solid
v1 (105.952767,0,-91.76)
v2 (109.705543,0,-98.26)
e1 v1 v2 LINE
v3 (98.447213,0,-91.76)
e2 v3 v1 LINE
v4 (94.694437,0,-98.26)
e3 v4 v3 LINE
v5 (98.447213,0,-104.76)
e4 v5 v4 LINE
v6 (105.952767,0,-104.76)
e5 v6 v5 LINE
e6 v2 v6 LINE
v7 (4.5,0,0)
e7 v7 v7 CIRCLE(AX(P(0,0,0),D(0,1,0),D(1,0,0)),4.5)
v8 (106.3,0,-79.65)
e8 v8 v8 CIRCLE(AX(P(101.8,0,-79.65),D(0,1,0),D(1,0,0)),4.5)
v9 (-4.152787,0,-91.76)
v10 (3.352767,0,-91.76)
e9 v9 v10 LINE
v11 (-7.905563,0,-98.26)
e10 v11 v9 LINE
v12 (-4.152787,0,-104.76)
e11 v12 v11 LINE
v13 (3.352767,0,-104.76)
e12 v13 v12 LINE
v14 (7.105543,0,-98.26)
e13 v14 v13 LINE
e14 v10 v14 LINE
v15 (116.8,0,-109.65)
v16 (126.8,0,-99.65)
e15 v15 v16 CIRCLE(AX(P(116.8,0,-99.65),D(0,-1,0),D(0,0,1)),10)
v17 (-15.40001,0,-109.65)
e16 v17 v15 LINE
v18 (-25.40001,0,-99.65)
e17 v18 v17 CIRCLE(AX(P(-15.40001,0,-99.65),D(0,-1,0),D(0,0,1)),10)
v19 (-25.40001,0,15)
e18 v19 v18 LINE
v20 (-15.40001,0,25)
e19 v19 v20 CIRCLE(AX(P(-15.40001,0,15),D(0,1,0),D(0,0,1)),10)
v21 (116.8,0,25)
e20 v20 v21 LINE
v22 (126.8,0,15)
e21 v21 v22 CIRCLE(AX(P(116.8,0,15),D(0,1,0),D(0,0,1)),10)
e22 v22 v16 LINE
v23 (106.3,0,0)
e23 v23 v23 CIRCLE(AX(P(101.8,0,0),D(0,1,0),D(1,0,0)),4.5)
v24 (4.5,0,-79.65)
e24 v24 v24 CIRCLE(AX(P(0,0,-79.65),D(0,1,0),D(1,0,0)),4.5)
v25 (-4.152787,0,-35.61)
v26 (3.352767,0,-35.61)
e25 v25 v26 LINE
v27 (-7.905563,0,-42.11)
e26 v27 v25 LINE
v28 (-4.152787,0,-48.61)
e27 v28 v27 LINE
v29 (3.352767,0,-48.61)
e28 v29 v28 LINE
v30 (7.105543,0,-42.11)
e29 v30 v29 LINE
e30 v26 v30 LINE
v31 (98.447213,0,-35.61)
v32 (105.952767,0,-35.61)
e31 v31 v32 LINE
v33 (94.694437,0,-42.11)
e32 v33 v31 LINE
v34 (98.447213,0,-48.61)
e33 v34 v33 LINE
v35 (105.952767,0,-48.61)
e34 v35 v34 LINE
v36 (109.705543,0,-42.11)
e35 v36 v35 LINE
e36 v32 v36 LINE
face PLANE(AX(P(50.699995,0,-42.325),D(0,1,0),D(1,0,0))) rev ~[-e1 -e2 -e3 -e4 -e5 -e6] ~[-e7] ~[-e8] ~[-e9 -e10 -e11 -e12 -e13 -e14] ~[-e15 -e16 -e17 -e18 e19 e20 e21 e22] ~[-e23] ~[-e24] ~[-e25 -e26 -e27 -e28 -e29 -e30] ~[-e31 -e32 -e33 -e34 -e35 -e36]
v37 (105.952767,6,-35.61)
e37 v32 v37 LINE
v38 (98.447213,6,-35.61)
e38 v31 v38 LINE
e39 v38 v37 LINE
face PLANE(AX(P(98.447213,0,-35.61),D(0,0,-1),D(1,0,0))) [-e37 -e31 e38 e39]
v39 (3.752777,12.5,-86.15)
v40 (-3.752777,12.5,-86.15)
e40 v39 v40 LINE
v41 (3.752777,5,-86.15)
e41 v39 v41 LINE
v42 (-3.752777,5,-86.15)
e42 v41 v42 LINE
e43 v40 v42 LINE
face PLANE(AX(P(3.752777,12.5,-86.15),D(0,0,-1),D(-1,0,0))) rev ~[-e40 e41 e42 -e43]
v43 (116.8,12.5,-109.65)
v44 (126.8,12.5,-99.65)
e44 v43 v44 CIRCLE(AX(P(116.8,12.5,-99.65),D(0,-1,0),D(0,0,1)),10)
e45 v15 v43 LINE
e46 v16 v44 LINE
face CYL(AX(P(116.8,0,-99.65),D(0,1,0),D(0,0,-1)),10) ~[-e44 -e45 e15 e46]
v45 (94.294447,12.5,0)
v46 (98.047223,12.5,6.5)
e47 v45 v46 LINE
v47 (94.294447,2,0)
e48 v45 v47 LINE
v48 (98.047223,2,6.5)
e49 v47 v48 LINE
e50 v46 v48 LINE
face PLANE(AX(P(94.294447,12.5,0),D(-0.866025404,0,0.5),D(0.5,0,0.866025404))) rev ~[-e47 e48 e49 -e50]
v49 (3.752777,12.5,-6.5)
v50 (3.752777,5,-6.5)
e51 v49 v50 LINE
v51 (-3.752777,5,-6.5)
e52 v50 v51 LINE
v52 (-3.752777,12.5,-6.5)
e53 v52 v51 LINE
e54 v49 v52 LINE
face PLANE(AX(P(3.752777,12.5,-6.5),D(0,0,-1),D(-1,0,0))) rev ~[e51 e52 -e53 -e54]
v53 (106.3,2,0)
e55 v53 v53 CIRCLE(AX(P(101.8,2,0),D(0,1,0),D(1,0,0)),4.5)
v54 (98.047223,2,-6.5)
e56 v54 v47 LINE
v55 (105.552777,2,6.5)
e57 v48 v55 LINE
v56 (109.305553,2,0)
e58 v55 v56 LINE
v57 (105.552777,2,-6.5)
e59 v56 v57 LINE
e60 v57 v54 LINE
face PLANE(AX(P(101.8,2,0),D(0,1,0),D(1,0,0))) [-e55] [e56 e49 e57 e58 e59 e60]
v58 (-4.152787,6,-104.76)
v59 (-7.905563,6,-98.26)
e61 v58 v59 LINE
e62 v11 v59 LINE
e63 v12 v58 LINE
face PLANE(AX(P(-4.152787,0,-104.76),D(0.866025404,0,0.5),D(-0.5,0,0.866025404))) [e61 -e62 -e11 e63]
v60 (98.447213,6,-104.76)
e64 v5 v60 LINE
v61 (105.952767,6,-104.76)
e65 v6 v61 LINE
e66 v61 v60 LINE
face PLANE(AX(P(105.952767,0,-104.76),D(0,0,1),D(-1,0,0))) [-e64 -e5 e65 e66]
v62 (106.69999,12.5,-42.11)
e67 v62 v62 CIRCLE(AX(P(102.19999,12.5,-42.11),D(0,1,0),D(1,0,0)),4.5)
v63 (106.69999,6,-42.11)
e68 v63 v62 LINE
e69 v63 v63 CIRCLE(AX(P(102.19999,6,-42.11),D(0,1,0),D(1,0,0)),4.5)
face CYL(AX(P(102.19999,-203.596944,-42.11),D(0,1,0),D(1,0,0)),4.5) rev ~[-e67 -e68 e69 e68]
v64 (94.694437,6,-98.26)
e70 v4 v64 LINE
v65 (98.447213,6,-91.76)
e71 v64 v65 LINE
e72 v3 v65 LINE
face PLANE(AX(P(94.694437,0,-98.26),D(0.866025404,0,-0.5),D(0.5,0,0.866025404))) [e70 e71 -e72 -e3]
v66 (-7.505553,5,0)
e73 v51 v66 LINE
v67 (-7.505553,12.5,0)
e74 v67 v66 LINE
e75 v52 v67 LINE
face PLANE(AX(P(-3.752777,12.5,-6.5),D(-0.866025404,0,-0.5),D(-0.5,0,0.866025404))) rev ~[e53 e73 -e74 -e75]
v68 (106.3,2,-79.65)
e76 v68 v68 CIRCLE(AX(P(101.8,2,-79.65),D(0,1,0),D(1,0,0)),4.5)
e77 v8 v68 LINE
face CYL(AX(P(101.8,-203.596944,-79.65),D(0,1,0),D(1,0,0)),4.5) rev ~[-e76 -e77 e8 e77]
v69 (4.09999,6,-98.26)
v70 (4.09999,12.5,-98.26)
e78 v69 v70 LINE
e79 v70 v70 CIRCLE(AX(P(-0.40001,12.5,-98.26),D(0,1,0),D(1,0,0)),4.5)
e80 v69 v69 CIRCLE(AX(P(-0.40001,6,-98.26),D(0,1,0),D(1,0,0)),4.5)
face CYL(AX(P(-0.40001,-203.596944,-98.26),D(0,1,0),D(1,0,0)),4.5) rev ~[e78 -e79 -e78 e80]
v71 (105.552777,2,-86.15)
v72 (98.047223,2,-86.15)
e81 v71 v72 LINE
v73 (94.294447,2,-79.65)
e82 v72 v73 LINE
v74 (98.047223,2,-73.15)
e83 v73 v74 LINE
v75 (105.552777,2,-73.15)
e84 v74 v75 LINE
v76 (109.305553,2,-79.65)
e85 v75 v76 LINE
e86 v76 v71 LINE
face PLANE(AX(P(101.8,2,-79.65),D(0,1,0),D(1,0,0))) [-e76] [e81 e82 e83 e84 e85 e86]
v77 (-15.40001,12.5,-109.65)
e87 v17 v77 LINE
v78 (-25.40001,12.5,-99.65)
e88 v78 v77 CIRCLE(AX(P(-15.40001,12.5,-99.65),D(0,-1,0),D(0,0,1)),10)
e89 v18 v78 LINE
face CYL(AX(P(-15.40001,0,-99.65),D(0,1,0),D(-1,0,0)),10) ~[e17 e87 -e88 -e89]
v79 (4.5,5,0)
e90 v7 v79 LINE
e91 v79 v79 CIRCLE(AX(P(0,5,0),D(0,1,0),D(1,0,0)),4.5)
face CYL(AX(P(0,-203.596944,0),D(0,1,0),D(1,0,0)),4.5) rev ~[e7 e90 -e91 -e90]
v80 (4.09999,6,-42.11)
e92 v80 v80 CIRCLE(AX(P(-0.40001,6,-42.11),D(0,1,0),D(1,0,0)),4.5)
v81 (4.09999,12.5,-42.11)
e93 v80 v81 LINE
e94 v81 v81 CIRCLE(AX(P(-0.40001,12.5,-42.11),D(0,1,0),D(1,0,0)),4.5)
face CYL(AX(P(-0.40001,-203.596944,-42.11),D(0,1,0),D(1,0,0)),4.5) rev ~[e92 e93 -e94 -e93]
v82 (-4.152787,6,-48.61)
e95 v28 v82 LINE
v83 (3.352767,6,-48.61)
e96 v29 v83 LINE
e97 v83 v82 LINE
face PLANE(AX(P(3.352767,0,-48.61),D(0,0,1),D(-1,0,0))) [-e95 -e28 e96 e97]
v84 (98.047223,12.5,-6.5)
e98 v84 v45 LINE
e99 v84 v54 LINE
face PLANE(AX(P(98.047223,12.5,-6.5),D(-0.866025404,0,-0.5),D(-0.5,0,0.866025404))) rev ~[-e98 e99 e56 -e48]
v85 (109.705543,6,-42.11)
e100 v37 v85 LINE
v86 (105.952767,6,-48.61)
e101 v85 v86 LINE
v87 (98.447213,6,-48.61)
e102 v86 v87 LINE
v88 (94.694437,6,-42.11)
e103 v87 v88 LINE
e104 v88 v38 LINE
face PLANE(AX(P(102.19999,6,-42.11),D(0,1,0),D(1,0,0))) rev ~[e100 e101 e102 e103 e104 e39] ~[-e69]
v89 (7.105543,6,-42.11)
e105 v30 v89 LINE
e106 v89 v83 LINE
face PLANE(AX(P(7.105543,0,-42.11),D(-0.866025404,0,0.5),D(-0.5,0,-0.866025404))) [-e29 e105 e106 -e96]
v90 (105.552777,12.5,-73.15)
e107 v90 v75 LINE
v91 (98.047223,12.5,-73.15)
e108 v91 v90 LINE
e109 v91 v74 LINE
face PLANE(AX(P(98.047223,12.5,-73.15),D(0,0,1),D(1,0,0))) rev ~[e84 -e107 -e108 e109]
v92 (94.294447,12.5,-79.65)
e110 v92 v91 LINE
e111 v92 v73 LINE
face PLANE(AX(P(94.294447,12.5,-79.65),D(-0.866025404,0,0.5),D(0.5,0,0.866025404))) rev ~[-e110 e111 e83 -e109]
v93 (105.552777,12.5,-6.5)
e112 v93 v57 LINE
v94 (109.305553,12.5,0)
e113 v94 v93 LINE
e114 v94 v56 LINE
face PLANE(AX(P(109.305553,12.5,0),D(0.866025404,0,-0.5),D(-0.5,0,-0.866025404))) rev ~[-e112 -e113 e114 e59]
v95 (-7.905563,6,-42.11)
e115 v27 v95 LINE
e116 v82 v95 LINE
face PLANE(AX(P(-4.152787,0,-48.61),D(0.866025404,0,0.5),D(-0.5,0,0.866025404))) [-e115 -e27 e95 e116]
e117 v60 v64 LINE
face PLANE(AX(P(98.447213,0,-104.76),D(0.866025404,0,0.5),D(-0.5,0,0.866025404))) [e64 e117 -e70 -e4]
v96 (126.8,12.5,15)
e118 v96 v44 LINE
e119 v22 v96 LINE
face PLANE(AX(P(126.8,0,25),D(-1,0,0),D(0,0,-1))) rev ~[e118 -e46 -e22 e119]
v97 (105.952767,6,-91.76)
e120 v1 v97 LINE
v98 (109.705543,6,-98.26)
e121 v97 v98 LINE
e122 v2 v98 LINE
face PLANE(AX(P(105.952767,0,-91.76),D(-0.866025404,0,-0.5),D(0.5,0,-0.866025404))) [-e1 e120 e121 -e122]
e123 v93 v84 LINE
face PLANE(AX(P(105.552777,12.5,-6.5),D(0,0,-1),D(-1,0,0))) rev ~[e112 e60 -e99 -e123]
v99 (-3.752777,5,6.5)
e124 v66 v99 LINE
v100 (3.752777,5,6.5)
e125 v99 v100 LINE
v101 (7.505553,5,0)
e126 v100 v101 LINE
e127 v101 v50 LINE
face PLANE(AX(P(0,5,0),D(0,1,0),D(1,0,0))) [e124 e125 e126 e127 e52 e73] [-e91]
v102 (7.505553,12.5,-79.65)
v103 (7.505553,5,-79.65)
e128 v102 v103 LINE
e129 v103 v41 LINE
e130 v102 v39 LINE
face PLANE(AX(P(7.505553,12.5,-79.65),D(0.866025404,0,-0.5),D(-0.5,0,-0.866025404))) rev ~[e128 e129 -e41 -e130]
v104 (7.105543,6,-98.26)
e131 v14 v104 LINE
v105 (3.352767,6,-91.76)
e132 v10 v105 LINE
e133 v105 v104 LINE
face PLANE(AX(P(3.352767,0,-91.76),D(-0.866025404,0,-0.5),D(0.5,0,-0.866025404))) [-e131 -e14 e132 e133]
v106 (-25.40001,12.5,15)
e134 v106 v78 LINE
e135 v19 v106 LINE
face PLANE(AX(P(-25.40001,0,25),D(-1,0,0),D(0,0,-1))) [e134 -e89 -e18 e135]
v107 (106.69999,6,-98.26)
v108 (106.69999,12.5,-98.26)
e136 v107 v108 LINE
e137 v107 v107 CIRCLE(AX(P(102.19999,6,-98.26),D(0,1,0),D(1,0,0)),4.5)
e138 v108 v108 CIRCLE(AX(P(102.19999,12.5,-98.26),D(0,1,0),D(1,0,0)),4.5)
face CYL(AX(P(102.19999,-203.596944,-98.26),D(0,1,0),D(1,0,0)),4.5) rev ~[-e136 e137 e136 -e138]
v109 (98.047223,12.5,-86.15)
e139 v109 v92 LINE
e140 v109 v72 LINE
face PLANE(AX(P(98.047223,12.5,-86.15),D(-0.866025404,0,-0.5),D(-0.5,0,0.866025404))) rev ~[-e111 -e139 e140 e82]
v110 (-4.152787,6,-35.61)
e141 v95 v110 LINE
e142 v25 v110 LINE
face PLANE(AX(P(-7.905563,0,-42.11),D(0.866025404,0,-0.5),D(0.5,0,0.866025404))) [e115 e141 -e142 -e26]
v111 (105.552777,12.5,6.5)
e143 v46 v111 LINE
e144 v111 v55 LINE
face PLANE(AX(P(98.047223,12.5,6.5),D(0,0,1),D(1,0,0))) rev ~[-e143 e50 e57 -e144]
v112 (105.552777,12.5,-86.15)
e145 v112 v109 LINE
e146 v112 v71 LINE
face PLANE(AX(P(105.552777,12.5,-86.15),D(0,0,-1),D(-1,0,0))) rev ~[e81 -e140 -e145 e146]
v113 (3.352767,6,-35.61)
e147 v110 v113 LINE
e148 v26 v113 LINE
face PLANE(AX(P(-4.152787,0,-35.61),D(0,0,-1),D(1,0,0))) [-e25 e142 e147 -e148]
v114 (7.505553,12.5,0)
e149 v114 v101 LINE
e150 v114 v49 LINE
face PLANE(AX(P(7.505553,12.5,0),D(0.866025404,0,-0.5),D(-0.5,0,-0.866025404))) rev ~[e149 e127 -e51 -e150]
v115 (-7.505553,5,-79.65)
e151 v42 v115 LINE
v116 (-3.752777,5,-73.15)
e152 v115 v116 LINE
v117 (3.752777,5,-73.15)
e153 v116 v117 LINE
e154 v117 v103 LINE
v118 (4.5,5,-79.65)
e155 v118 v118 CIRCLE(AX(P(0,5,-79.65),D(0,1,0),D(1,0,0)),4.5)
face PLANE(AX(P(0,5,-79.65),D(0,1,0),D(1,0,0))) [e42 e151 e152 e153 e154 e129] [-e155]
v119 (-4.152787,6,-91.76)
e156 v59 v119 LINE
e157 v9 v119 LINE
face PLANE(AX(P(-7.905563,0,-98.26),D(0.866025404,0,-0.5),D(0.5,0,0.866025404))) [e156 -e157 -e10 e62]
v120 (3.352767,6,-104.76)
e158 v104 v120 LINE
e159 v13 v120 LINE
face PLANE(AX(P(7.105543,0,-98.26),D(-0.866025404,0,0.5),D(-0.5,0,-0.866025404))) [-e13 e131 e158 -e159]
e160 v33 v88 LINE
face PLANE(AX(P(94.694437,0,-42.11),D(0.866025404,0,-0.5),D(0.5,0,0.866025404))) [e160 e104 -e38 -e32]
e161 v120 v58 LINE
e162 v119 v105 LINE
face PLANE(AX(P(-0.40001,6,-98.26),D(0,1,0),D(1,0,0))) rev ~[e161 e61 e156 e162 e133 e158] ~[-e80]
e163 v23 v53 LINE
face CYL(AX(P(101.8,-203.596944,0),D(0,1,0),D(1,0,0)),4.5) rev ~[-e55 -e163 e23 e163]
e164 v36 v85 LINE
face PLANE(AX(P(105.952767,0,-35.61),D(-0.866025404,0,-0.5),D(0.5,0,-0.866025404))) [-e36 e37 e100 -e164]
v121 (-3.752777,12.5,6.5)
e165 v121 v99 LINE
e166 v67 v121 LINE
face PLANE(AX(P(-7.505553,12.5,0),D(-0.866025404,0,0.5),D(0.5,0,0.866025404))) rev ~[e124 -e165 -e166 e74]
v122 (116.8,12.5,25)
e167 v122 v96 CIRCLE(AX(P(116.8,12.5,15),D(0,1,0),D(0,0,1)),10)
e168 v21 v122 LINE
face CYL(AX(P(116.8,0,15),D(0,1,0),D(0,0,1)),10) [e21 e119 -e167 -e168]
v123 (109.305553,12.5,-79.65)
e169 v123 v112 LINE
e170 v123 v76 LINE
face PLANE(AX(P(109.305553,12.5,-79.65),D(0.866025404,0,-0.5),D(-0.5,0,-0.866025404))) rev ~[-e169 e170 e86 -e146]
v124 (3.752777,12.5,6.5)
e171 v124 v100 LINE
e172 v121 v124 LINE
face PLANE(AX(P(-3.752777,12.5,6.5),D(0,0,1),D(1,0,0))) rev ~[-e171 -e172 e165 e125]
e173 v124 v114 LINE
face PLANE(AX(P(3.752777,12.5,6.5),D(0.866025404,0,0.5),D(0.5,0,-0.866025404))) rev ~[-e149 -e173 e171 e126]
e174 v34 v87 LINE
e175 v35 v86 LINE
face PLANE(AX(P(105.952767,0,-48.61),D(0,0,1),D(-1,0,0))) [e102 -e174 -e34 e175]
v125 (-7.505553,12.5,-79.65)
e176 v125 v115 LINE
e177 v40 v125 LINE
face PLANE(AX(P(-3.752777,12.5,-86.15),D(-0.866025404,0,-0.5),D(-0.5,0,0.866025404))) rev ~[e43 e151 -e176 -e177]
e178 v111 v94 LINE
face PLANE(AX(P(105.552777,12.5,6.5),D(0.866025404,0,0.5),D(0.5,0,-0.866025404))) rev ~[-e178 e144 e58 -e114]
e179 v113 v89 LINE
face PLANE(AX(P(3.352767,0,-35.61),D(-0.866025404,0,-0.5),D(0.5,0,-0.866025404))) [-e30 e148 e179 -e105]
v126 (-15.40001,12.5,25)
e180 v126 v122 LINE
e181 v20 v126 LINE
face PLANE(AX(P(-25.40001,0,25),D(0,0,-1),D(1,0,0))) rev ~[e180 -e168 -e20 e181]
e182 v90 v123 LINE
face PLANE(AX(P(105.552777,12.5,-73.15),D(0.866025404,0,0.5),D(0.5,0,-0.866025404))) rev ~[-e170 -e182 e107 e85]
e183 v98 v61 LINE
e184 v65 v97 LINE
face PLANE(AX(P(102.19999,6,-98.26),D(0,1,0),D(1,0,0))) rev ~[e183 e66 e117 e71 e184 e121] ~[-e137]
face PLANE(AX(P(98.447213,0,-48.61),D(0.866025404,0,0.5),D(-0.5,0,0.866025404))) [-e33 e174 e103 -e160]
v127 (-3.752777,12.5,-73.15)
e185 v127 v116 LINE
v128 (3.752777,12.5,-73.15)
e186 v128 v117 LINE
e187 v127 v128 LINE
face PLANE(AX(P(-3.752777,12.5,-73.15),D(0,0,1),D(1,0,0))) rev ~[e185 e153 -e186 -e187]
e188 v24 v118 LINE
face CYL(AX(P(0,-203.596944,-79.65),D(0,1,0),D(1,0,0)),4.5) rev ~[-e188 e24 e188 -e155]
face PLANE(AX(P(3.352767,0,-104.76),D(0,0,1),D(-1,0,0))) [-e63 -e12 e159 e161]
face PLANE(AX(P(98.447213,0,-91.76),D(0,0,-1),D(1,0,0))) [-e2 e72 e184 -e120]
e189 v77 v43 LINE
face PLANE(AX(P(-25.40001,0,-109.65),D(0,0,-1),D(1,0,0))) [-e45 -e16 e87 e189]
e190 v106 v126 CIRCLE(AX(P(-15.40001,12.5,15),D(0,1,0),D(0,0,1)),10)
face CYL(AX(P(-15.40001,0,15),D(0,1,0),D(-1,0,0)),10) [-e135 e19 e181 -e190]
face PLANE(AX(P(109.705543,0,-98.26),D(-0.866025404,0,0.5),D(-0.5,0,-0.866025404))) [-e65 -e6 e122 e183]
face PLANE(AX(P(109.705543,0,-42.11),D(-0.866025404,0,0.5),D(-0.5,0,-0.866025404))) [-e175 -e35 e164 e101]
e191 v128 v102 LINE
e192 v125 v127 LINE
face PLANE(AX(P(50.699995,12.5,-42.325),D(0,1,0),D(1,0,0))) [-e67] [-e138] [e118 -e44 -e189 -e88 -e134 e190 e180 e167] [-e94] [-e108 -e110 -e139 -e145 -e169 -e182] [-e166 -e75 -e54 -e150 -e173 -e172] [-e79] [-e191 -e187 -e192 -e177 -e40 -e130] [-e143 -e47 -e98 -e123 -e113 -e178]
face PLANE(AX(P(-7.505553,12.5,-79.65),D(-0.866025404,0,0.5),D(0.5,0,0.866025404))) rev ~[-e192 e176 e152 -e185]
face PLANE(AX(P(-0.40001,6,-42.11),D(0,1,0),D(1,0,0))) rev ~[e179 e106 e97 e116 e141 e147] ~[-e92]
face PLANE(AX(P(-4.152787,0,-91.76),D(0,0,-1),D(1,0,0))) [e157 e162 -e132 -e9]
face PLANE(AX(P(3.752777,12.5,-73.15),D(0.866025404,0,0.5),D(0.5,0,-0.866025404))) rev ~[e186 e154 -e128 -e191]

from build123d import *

# Parameters (mm, degrees)
SKETCH1_W            = 152.20001
SKETCH1_H            = 134.65
BOSS_EXTRUDE1_DEPTH  = 12.5
M8_CLEARANCE_HOLE1_D = 9
M8_CLEARANCE_HOLE2_D = 9
FILLET1_R            = 10
CUT_EXTRUDE1_DEPTH   = 10.5
CUT_EXTRUDE2_DEPTH   = 7.5
CUT_EXTRUDE3_START   = -12.5
CUT_EXTRUDE3_DEPTH   = 6


with BuildPart() as part:
    # Sketch1 → Boss-Extrude1 (new body)
    with BuildSketch(Plane(origin=(0, 0, 0), x_dir=(1, 0, 0), z_dir=(0, 1, 0))):
        with Locations((50.699995, 42.325)):
            Rectangle(SKETCH1_W, SKETCH1_H)
    extrude(amount=BOSS_EXTRUDE1_DEPTH)

    # M8 Clearance Hole1 (through all)
    with Locations(Plane(origin=(0, 0, 0), x_dir=(-1, 0, 0), z_dir=(0, -1, 0))):
        with Locations((-102.19999, 42.11), (0.40001, 42.11), (0.40001, 98.26), (-102.19999, 98.26)):
            Hole(M8_CLEARANCE_HOLE1_D / 2)

    # M8 Clearance Hole2 (through all)
    with Locations(Plane(origin=(0, 0, 0), x_dir=(-1, 0, 0), z_dir=(0, -1, 0))):
        with Locations((-101.8, 0), (0, 0), (-101.8, 79.65), (0, 79.65)):
            Hole(M8_CLEARANCE_HOLE2_D / 2)

    # Fillet1
    fillet1_edges = [part.edges().sort_by_distance(p)[0] for p in [
        (-25.40001, 6.25, -109.65),
        (126.8, 6.25, -109.65),
        (126.8, 6.25, 25),
        (-25.40001, 6.25, 25),
    ]]
    fillet(fillet1_edges, radius=FILLET1_R)

    # Sketch12 → Cut-Extrude1 (cut)
    with BuildSketch(Plane(origin=(0, 12.5, 0), x_dir=(1, 0, 0), z_dir=(0, 1, 0))):
        Polygon((94.294446501, 79.65), (98.04722325, 73.15), (105.55277675, 73.15), (109.305553499, 79.65), (105.55277675, 86.15), (98.04722325, 86.15), align=None)
        Polygon((94.294446501, 0), (98.04722325, -6.5), (105.55277675, -6.5), (109.305553499, 0), (105.55277675, 6.5), (98.04722325, 6.5), align=None)
    extrude(amount=-CUT_EXTRUDE1_DEPTH, mode=Mode.SUBTRACT)

    # Sketch12<4> → Cut-Extrude2 (cut)
    with BuildSketch(Plane(origin=(0, 12.5, 0), x_dir=(1, 0, 0), z_dir=(0, 1, 0))):
        Polygon((7.505553499, 79.65), (3.75277675, 86.15), (-3.75277675, 86.15), (-7.505553499, 79.65), (-3.75277675, 73.15), (3.75277675, 73.15), align=None)
        Polygon((7.505553499, 0), (3.75277675, 6.5), (-3.75277675, 6.5), (-7.505553499, 0), (-3.75277675, -6.5), (3.75277675, -6.5), align=None)
    extrude(amount=-CUT_EXTRUDE2_DEPTH, mode=Mode.SUBTRACT)

    # Sketch12<5> → Cut-Extrude3 (cut)
    with BuildSketch(Plane(origin=(0, 12.5, 0), x_dir=(1, 0, 0), z_dir=(0, 1, 0)).offset(CUT_EXTRUDE3_START)):
        Polygon((7.105543499, 98.26), (3.35276675, 104.76), (-4.15278675, 104.76), (-7.905563499, 98.26), (-4.15278675, 91.76), (3.35276675, 91.76), align=None)
        Polygon((109.705543499, 98.26), (105.95276675, 104.76), (98.44721325, 104.76), (94.694436501, 98.26), (98.44721325, 91.76), (105.95276675, 91.76), align=None)
        Polygon((7.105543499, 42.11), (3.35276675, 48.61), (-4.15278675, 48.61), (-7.905563499, 42.11), (-4.15278675, 35.61), (3.35276675, 35.61), align=None)
        Polygon((109.705543499, 42.11), (105.95276675, 48.61), (98.44721325, 48.61), (94.694436501, 42.11), (98.44721325, 35.61), (105.95276675, 35.61), align=None)
    extrude(amount=CUT_EXTRUDE3_DEPTH, mode=Mode.SUBTRACT)


solid = part.part
